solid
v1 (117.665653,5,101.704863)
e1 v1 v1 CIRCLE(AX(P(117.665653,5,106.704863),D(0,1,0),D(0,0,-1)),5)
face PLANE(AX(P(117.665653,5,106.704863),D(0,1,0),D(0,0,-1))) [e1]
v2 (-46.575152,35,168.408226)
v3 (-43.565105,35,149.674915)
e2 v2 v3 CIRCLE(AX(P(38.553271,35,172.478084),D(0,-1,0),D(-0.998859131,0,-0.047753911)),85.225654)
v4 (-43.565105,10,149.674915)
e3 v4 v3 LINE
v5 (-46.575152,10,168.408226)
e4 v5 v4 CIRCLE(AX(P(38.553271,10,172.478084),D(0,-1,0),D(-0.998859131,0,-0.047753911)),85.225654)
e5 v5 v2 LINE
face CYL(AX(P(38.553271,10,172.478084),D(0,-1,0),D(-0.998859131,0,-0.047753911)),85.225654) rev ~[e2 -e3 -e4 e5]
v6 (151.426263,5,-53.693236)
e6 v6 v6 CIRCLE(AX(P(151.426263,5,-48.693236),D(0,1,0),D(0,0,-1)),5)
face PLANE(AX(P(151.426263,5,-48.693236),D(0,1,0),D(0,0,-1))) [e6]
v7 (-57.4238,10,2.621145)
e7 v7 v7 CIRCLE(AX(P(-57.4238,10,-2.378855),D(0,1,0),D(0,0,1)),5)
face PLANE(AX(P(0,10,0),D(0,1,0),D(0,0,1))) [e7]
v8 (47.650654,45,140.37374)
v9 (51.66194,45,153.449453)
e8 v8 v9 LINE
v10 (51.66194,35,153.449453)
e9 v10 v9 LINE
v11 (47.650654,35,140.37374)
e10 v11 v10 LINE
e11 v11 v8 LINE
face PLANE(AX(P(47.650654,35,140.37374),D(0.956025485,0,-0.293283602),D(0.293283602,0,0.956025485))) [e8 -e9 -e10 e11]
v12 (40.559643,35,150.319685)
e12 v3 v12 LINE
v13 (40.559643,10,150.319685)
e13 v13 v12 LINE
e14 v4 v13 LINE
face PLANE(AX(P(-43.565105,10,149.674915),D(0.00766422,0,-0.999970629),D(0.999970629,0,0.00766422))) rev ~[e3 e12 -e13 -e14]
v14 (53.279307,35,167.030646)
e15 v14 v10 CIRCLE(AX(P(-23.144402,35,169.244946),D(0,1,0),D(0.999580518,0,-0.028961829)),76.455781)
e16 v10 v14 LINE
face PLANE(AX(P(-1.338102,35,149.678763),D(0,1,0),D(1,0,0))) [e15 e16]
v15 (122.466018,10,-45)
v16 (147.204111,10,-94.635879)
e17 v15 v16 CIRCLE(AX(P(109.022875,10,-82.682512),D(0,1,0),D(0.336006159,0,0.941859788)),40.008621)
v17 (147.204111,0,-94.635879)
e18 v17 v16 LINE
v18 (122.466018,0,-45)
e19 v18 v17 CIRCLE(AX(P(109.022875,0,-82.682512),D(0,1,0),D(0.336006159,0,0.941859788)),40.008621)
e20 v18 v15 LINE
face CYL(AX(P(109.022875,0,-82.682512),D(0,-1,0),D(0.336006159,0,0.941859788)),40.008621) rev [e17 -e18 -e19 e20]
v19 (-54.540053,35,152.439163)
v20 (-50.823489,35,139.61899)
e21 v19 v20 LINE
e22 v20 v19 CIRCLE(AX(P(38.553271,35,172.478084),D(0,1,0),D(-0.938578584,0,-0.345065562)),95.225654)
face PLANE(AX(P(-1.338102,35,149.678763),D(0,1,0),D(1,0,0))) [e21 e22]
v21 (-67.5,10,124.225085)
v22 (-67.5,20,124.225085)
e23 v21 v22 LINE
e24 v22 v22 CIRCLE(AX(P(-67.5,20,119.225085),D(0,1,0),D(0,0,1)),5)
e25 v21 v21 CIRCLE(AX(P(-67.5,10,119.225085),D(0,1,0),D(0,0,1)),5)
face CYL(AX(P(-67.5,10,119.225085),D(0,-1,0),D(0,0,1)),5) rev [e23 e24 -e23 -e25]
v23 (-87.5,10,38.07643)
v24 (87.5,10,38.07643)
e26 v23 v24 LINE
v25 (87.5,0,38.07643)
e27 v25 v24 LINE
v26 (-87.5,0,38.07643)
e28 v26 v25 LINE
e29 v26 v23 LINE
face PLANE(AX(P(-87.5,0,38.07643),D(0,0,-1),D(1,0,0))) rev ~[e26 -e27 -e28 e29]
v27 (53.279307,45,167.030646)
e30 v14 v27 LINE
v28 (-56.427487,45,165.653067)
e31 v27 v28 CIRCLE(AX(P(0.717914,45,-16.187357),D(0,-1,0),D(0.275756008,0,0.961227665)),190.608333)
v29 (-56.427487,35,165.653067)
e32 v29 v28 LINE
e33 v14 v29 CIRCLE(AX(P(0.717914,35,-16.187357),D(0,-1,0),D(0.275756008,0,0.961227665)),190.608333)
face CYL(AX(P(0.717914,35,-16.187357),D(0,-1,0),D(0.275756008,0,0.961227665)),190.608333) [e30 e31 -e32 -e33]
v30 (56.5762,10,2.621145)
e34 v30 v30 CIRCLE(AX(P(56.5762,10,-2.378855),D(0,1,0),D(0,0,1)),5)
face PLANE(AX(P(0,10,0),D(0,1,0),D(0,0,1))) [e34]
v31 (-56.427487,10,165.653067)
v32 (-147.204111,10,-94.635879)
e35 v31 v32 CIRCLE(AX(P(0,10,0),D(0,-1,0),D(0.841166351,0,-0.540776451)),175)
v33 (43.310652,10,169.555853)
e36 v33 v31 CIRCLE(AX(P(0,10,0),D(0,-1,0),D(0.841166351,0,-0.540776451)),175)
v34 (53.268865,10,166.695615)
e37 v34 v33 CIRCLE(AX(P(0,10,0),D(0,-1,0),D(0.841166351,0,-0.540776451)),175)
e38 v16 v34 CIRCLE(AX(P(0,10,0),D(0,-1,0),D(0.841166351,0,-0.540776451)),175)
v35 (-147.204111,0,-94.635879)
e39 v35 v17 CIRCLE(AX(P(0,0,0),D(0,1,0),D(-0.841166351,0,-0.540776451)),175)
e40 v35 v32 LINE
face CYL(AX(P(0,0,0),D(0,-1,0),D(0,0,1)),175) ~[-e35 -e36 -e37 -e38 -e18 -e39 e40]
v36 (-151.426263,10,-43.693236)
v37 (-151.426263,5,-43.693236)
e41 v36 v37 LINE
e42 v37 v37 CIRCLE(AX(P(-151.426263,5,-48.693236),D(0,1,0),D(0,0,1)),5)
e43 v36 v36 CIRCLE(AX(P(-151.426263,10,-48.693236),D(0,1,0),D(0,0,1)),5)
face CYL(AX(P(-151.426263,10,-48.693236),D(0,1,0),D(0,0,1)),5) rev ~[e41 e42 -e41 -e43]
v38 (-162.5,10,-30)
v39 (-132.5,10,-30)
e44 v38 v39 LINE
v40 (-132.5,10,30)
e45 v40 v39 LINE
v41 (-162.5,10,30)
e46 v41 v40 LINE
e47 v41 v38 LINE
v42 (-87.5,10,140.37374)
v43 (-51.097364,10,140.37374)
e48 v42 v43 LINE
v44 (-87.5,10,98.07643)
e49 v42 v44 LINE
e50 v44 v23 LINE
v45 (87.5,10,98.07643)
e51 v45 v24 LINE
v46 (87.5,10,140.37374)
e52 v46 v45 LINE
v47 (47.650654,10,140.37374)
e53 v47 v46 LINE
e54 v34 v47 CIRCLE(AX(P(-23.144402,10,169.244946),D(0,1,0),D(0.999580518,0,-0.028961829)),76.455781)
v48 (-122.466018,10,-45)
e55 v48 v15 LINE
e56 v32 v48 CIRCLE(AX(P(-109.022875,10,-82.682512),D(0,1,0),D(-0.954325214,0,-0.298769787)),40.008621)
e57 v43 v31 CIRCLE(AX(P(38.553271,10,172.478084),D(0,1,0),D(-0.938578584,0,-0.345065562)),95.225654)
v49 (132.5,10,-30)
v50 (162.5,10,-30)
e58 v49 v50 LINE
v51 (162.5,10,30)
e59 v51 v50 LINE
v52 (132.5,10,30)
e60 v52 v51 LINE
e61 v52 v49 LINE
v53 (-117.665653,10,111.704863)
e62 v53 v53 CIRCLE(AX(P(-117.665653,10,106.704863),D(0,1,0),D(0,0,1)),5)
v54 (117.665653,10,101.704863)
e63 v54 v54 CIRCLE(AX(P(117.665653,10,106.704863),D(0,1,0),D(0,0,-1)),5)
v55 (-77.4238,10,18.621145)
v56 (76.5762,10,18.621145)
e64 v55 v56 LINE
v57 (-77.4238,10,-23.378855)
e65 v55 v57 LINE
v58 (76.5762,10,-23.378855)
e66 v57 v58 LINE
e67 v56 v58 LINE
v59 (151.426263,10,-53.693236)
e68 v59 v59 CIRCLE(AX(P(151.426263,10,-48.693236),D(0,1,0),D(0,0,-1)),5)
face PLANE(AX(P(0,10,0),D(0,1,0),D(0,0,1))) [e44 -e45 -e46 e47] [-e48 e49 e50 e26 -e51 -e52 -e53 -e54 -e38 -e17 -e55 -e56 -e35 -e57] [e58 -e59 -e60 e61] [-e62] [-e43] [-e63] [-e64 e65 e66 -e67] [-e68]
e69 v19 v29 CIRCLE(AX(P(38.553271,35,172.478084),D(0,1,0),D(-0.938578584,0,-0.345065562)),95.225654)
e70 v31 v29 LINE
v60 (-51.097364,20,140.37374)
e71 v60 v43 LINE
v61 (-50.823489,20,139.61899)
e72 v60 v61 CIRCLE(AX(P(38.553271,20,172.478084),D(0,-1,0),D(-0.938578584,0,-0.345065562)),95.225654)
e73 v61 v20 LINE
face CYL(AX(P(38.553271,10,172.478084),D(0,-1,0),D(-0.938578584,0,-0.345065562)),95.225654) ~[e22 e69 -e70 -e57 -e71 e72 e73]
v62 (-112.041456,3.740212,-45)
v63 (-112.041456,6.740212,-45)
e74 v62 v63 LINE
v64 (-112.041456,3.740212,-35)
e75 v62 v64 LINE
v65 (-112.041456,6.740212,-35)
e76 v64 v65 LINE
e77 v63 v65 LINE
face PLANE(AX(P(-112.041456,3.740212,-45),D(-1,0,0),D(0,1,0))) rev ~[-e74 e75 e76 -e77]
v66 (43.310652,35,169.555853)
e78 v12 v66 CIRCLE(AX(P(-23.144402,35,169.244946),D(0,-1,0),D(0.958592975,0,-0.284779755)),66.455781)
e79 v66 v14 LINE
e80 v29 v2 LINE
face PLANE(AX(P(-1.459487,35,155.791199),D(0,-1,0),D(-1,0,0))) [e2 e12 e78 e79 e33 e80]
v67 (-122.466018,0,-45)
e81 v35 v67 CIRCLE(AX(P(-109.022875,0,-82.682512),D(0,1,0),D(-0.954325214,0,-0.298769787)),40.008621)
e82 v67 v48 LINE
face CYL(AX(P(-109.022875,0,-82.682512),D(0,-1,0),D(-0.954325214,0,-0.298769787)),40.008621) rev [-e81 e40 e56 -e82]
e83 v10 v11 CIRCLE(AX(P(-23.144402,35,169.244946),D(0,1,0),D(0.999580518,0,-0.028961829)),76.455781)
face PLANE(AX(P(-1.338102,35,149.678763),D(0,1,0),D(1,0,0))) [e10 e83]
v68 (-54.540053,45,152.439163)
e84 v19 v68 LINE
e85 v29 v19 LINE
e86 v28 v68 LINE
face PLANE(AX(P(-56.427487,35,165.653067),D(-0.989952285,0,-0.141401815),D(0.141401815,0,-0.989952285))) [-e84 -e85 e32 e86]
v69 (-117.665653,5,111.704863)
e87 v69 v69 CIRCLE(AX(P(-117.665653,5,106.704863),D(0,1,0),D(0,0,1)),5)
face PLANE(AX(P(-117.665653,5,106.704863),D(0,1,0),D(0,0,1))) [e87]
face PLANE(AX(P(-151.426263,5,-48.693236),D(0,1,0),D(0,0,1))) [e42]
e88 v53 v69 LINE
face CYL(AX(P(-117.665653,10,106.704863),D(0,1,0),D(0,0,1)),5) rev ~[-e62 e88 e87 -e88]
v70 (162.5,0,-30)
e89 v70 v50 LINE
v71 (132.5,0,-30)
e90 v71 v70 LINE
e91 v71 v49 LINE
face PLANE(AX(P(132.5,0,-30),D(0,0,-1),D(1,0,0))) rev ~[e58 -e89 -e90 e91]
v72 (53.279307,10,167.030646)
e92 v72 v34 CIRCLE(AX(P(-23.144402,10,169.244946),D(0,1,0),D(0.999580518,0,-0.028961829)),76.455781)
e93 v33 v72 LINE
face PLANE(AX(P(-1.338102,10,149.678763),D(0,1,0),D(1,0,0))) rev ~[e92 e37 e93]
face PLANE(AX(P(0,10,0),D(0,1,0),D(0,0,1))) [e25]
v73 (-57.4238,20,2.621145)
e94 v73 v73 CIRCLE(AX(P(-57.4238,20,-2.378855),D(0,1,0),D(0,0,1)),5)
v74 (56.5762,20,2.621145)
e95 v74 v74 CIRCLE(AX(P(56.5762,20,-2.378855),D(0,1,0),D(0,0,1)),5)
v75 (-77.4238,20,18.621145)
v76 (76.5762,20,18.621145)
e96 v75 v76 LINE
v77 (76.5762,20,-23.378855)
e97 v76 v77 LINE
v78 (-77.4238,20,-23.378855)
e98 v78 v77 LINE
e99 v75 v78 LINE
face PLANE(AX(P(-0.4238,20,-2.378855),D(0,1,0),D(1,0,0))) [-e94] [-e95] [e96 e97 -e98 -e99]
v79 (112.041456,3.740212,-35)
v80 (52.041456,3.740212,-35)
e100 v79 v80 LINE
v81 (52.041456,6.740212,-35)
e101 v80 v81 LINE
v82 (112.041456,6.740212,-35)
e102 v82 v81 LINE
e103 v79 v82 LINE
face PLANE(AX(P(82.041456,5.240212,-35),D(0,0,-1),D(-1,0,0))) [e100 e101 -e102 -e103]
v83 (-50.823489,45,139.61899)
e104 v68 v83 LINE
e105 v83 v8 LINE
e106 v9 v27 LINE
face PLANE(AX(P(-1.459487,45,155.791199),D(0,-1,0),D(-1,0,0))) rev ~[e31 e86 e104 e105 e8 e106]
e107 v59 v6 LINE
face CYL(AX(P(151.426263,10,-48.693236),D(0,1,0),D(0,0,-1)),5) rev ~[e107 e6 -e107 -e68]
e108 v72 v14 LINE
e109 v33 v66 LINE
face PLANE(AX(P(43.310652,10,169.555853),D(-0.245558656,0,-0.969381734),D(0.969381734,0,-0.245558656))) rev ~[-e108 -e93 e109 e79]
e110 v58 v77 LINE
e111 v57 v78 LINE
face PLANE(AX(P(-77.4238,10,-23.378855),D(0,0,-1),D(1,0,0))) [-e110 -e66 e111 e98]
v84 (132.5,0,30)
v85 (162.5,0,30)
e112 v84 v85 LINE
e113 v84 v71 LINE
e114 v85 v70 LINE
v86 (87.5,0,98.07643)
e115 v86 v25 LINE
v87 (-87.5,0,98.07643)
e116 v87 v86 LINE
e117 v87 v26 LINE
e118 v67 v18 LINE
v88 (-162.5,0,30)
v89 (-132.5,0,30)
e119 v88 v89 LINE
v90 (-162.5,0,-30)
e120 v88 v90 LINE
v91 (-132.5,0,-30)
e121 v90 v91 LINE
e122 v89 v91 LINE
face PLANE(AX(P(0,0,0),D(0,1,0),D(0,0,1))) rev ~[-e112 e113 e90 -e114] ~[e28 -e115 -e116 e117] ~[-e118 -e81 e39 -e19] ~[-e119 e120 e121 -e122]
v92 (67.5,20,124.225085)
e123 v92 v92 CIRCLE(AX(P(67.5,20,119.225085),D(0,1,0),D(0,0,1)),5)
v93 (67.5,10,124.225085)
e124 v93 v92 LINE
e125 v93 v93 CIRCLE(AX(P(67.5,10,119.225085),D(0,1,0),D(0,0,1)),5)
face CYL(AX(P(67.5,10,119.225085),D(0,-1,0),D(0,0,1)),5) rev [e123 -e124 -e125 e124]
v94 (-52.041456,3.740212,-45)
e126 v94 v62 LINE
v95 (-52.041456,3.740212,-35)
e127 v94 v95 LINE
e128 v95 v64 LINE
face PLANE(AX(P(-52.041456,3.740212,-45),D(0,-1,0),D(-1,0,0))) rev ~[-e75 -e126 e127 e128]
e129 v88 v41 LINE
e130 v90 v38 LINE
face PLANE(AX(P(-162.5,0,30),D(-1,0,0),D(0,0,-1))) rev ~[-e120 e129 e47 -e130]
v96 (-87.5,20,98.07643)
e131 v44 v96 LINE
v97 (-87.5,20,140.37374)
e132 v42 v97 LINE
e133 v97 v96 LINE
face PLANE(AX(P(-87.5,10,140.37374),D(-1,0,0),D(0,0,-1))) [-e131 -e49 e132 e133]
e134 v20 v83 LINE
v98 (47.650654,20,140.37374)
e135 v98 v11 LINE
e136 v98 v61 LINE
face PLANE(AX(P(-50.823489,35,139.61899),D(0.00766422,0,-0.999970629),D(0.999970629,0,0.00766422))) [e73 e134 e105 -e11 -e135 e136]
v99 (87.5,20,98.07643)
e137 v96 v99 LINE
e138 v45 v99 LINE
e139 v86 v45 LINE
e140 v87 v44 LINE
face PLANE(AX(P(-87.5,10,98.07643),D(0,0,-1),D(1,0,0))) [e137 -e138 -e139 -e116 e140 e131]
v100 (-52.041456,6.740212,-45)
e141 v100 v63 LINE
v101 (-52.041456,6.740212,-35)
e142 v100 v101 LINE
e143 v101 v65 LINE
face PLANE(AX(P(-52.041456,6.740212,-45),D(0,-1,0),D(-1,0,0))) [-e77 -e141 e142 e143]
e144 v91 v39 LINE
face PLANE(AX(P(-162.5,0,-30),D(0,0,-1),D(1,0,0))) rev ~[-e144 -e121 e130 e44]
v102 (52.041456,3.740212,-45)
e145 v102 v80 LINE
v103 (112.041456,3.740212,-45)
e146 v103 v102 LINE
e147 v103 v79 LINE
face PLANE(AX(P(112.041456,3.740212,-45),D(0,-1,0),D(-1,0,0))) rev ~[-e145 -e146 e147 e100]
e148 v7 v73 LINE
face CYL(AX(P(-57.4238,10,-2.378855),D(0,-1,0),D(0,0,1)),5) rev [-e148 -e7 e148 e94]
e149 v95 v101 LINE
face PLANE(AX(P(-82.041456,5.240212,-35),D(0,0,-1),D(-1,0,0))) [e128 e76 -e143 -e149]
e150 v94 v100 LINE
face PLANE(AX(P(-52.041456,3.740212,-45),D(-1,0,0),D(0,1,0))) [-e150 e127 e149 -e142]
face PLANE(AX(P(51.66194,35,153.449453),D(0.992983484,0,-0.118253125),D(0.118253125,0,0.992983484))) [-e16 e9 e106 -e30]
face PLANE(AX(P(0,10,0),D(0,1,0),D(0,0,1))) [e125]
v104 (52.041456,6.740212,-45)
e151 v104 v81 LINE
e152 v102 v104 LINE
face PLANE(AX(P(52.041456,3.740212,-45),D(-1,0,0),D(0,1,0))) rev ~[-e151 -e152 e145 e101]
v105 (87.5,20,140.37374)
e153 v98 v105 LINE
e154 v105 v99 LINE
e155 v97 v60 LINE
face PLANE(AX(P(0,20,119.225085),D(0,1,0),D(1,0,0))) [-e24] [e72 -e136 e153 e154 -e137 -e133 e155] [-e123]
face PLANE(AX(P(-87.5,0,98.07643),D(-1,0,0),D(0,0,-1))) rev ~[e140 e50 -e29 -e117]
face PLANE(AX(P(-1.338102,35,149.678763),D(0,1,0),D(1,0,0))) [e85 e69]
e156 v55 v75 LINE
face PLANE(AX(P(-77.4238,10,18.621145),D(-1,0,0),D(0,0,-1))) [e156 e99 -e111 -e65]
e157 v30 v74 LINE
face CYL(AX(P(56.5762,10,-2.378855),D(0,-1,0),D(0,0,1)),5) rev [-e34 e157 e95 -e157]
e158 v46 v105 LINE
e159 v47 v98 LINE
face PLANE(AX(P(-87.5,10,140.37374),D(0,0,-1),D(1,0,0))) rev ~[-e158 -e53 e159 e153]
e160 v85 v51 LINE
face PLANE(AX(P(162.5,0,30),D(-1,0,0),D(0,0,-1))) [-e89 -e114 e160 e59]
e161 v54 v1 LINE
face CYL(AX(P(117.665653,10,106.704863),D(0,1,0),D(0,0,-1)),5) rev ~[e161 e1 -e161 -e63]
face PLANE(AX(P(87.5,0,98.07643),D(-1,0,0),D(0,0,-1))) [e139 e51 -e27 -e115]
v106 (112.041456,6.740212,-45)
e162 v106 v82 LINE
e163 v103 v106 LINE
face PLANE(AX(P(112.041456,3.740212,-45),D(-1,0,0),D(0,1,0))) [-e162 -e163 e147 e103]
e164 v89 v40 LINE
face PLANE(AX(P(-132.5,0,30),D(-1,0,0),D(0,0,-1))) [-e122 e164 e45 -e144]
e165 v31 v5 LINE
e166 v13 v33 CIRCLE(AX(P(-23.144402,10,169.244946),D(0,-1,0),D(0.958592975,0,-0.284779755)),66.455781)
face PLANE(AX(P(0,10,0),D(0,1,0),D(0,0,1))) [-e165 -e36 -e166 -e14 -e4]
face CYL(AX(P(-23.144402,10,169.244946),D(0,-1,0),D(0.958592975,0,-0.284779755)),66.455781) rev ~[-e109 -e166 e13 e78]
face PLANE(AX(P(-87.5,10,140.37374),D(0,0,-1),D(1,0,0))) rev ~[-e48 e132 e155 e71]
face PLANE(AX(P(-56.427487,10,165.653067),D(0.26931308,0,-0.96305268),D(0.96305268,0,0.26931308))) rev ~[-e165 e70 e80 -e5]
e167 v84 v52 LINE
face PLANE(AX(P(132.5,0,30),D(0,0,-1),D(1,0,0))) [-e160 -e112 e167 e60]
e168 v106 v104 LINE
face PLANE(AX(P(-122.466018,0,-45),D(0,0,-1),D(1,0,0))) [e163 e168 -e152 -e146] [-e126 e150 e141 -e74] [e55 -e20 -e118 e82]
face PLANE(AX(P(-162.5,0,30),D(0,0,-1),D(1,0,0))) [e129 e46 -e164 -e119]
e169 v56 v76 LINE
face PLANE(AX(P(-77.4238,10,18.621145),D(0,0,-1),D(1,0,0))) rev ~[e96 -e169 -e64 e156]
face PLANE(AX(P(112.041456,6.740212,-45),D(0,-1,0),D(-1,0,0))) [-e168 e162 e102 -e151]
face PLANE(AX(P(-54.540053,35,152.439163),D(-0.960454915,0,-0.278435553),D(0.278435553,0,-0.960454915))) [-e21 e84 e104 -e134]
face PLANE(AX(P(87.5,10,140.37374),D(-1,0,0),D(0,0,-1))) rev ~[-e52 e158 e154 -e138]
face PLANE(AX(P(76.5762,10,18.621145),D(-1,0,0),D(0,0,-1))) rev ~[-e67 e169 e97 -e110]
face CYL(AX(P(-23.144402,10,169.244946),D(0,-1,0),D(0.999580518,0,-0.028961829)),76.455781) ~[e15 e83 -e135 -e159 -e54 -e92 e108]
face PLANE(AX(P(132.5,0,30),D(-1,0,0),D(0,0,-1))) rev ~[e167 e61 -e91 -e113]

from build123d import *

# Parameters (mm, degrees)
BASEDIA_R           = 175
BOSS_EXTRUDE1_DEPTH = 10
SKETCH2_W           = 175
SKETCH2_H           = 60
CUT_EXTRUDE3_DEPTH  = 10
CUT_EXTRUDE5_START  = -10
SKETCH5_W           = 30
SKETCH5_H           = 60
CUT_EXTRUDE5_DEPTH  = 10
BOSS_EXTRUDE2_DEPTH = 25
SKETCH8_W           = 175
SKETCH8_H           = 42.297309852
SKETCH8_R           = 5
BOSS_EXTRUDE3_DEPTH = 10
SKETCH9_W           = 154
SKETCH9_H           = 42
SKETCH9_R           = 5
BOSS_EXTRUDE4_DEPTH = 10
SKETCH10_R          = 5
CUT_EXTRUDE6_DEPTH  = 5
SKETCH11_W          = 60
SKETCH11_H          = 3
CUT_EXTRUDE7_DEPTH  = 10
BOSS_EXTRUDE5_DEPTH = 10


with BuildPart() as part:
    # basedia → Boss-Extrude1 (new body)
    with BuildSketch(Plane(origin=(0, 0, 0), x_dir=(1, 0, 0), z_dir=(0, 1, 0))):
        with Locations(Location((0, 0, 0), (0, 0, 270))):
            Circle(BASEDIA_R)
    extrude(amount=BOSS_EXTRUDE1_DEPTH)

    # Sketch2 → Cut-Extrude3 (cut)
    with BuildSketch(Plane(origin=(0, 0, 0), x_dir=(1, 0, 0), z_dir=(0, 1, 0))):
        with Locations((0, -68.076429651)):
            Rectangle(SKETCH2_W, SKETCH2_H)
    extrude(amount=CUT_EXTRUDE3_DEPTH, mode=Mode.SUBTRACT)

    # Sketch5 → Cut-Extrude5 (cut)
    with BuildSketch(Plane(origin=(0, 10, 0), x_dir=(1, 0, 0), z_dir=(0, 1, 0)).offset(CUT_EXTRUDE5_START)):
        with BuildLine():
            Line((-122.466018466, 45), (122.466018466, 45))
            ThreePointArc((122.466018466, 45), (144.830685243, 64.836208714), (147.204111427, 94.63587892))
            ThreePointArc((147.204111427, 94.63587892), (0, 175), (-147.204111427, 94.63587892))
            ThreePointArc((-147.204111427, 94.63587892), (-144.830685243, 64.836208714), (-122.466018466, 45))
        make_face()
        with Locations((-147.5, 0)):
            Rectangle(SKETCH5_W, SKETCH5_H)
        with Locations((147.5, 0)):
            Rectangle(SKETCH5_W, SKETCH5_H)
    extrude(amount=CUT_EXTRUDE5_DEPTH, mode=Mode.SUBTRACT)

    # Sketch7 → Boss-Extrude2 (add)
    with BuildSketch(Plane(origin=(0, 10, 0), x_dir=(1, 0, 0), z_dir=(0, 1, 0))):
        with BuildLine():
            Line((-43.56510526, -149.674915049), (40.559642833, -150.319684554))
            ThreePointArc((40.559642833, -150.319684554), (42.642034938, -159.836675376), (43.310651761, -169.555853464))
            Line((43.310651761, -169.555853464), (53.279307238, -167.030646365))
            ThreePointArc((53.279307238, -167.030646365), (51.661940371, -153.449452713), (47.650653713, -140.373739503))
            Line((47.650653713, -140.373739503), (-50.823489188, -139.61898985))
            ThreePointArc((-50.823489188, -139.61898985), (-54.540052947, -152.439162742), (-56.427487426, -165.65306717))
            Line((-56.427487426, -165.65306717), (-46.575152469, -168.40822556))
            ThreePointArc((-46.575152469, -168.40822556), (-45.593073163, -158.957544204), (-43.56510526, -149.674915049))
        make_face()
    extrude(amount=BOSS_EXTRUDE2_DEPTH)

    # Sketch8 → Boss-Extrude3 (add)
    with BuildSketch(Plane(origin=(0, 10, 0), x_dir=(1, 0, 0), z_dir=(0, 1, 0))):
        with Locations((0, -119.225084577)):
            Rectangle(SKETCH8_W, SKETCH8_H)
        with Locations(Location((-67.5, -119.225084577, 0), (0, 0, 270))):
            Circle(SKETCH8_R, mode=Mode.SUBTRACT)
        with Locations(Location((67.5, -119.225084577, 0), (0, 0, 270))):
            Circle(SKETCH8_R, mode=Mode.SUBTRACT)
    extrude(amount=BOSS_EXTRUDE3_DEPTH)

    # Sketch9 → Boss-Extrude4 (add)
    with BuildSketch(Plane(origin=(0, 10, 0), x_dir=(1, 0, 0), z_dir=(0, 1, 0))):
        with Locations((-0.423800225, 2.37885536)):
            Rectangle(SKETCH9_W, SKETCH9_H)
        with Locations(Location((-57.423800225, 2.37885536, 0), (0, 0, 270))):
            Circle(SKETCH9_R, mode=Mode.SUBTRACT)
        with Locations(Location((56.576199775, 2.37885536, 0), (0, 0, 270))):
            Circle(SKETCH9_R, mode=Mode.SUBTRACT)
    extrude(amount=BOSS_EXTRUDE4_DEPTH)

    # Sketch10 → Cut-Extrude6 (cut)
    with BuildSketch(Plane(origin=(0, 10, 0), x_dir=(1, 0, 0), z_dir=(0, 1, 0))):
        with Locations(Location((-117.665653332, -106.704862813, 0), (0, 0, 270))):
            Circle(SKETCH10_R)
        with Locations(Location((-151.426262726, 48.693236313, 0), (0, 0, 270))):
            Circle(SKETCH10_R)
        with Locations(Location((151.426262726, 48.693236313, 0), (0, 0, 90))):
            Circle(SKETCH10_R)
        with Locations(Location((117.665653332, -106.704862813, 0), (0, 0, 90))):
            Circle(SKETCH10_R)
    extrude(amount=-CUT_EXTRUDE6_DEPTH, mode=Mode.SUBTRACT)

    # Sketch11 → Cut-Extrude7 (cut)
    with BuildSketch(Plane(origin=(0, 0, -45), x_dir=(-1, 0, 0), z_dir=(0, 0, -1))):
        with Locations((-82.041456067, 5.240211955)):
            Rectangle(SKETCH11_W, SKETCH11_H)
        with Locations((82.041456067, 5.240211955)):
            Rectangle(SKETCH11_W, SKETCH11_H)
    extrude(amount=-CUT_EXTRUDE7_DEPTH, mode=Mode.SUBTRACT)

    # Sketch12 → Boss-Extrude5 (add)
    with BuildSketch(Plane(origin=(0, 35, 0), x_dir=(1, 0, 0), z_dir=(0, 1, 0))):
        with BuildLine():
            Line((-50.823489188, -139.61898985), (47.650653713, -140.373739503))
            Line((47.650653713, -140.373739503), (51.661940371, -153.449452713))
            Line((51.661940371, -153.449452713), (53.279307238, -167.030646365))
            ThreePointArc((53.279307238, -167.030646365), (-1.675350263, -174.405951078), (-56.427487426, -165.65306717))
            Line((-56.427487426, -165.65306717), (-54.540052947, -152.439162742))
            Line((-54.540052947, -152.439162742), (-50.823489188, -139.61898985))
        make_face()
    extrude(amount=BOSS_EXTRUDE5_DEPTH)


solid = part.part
